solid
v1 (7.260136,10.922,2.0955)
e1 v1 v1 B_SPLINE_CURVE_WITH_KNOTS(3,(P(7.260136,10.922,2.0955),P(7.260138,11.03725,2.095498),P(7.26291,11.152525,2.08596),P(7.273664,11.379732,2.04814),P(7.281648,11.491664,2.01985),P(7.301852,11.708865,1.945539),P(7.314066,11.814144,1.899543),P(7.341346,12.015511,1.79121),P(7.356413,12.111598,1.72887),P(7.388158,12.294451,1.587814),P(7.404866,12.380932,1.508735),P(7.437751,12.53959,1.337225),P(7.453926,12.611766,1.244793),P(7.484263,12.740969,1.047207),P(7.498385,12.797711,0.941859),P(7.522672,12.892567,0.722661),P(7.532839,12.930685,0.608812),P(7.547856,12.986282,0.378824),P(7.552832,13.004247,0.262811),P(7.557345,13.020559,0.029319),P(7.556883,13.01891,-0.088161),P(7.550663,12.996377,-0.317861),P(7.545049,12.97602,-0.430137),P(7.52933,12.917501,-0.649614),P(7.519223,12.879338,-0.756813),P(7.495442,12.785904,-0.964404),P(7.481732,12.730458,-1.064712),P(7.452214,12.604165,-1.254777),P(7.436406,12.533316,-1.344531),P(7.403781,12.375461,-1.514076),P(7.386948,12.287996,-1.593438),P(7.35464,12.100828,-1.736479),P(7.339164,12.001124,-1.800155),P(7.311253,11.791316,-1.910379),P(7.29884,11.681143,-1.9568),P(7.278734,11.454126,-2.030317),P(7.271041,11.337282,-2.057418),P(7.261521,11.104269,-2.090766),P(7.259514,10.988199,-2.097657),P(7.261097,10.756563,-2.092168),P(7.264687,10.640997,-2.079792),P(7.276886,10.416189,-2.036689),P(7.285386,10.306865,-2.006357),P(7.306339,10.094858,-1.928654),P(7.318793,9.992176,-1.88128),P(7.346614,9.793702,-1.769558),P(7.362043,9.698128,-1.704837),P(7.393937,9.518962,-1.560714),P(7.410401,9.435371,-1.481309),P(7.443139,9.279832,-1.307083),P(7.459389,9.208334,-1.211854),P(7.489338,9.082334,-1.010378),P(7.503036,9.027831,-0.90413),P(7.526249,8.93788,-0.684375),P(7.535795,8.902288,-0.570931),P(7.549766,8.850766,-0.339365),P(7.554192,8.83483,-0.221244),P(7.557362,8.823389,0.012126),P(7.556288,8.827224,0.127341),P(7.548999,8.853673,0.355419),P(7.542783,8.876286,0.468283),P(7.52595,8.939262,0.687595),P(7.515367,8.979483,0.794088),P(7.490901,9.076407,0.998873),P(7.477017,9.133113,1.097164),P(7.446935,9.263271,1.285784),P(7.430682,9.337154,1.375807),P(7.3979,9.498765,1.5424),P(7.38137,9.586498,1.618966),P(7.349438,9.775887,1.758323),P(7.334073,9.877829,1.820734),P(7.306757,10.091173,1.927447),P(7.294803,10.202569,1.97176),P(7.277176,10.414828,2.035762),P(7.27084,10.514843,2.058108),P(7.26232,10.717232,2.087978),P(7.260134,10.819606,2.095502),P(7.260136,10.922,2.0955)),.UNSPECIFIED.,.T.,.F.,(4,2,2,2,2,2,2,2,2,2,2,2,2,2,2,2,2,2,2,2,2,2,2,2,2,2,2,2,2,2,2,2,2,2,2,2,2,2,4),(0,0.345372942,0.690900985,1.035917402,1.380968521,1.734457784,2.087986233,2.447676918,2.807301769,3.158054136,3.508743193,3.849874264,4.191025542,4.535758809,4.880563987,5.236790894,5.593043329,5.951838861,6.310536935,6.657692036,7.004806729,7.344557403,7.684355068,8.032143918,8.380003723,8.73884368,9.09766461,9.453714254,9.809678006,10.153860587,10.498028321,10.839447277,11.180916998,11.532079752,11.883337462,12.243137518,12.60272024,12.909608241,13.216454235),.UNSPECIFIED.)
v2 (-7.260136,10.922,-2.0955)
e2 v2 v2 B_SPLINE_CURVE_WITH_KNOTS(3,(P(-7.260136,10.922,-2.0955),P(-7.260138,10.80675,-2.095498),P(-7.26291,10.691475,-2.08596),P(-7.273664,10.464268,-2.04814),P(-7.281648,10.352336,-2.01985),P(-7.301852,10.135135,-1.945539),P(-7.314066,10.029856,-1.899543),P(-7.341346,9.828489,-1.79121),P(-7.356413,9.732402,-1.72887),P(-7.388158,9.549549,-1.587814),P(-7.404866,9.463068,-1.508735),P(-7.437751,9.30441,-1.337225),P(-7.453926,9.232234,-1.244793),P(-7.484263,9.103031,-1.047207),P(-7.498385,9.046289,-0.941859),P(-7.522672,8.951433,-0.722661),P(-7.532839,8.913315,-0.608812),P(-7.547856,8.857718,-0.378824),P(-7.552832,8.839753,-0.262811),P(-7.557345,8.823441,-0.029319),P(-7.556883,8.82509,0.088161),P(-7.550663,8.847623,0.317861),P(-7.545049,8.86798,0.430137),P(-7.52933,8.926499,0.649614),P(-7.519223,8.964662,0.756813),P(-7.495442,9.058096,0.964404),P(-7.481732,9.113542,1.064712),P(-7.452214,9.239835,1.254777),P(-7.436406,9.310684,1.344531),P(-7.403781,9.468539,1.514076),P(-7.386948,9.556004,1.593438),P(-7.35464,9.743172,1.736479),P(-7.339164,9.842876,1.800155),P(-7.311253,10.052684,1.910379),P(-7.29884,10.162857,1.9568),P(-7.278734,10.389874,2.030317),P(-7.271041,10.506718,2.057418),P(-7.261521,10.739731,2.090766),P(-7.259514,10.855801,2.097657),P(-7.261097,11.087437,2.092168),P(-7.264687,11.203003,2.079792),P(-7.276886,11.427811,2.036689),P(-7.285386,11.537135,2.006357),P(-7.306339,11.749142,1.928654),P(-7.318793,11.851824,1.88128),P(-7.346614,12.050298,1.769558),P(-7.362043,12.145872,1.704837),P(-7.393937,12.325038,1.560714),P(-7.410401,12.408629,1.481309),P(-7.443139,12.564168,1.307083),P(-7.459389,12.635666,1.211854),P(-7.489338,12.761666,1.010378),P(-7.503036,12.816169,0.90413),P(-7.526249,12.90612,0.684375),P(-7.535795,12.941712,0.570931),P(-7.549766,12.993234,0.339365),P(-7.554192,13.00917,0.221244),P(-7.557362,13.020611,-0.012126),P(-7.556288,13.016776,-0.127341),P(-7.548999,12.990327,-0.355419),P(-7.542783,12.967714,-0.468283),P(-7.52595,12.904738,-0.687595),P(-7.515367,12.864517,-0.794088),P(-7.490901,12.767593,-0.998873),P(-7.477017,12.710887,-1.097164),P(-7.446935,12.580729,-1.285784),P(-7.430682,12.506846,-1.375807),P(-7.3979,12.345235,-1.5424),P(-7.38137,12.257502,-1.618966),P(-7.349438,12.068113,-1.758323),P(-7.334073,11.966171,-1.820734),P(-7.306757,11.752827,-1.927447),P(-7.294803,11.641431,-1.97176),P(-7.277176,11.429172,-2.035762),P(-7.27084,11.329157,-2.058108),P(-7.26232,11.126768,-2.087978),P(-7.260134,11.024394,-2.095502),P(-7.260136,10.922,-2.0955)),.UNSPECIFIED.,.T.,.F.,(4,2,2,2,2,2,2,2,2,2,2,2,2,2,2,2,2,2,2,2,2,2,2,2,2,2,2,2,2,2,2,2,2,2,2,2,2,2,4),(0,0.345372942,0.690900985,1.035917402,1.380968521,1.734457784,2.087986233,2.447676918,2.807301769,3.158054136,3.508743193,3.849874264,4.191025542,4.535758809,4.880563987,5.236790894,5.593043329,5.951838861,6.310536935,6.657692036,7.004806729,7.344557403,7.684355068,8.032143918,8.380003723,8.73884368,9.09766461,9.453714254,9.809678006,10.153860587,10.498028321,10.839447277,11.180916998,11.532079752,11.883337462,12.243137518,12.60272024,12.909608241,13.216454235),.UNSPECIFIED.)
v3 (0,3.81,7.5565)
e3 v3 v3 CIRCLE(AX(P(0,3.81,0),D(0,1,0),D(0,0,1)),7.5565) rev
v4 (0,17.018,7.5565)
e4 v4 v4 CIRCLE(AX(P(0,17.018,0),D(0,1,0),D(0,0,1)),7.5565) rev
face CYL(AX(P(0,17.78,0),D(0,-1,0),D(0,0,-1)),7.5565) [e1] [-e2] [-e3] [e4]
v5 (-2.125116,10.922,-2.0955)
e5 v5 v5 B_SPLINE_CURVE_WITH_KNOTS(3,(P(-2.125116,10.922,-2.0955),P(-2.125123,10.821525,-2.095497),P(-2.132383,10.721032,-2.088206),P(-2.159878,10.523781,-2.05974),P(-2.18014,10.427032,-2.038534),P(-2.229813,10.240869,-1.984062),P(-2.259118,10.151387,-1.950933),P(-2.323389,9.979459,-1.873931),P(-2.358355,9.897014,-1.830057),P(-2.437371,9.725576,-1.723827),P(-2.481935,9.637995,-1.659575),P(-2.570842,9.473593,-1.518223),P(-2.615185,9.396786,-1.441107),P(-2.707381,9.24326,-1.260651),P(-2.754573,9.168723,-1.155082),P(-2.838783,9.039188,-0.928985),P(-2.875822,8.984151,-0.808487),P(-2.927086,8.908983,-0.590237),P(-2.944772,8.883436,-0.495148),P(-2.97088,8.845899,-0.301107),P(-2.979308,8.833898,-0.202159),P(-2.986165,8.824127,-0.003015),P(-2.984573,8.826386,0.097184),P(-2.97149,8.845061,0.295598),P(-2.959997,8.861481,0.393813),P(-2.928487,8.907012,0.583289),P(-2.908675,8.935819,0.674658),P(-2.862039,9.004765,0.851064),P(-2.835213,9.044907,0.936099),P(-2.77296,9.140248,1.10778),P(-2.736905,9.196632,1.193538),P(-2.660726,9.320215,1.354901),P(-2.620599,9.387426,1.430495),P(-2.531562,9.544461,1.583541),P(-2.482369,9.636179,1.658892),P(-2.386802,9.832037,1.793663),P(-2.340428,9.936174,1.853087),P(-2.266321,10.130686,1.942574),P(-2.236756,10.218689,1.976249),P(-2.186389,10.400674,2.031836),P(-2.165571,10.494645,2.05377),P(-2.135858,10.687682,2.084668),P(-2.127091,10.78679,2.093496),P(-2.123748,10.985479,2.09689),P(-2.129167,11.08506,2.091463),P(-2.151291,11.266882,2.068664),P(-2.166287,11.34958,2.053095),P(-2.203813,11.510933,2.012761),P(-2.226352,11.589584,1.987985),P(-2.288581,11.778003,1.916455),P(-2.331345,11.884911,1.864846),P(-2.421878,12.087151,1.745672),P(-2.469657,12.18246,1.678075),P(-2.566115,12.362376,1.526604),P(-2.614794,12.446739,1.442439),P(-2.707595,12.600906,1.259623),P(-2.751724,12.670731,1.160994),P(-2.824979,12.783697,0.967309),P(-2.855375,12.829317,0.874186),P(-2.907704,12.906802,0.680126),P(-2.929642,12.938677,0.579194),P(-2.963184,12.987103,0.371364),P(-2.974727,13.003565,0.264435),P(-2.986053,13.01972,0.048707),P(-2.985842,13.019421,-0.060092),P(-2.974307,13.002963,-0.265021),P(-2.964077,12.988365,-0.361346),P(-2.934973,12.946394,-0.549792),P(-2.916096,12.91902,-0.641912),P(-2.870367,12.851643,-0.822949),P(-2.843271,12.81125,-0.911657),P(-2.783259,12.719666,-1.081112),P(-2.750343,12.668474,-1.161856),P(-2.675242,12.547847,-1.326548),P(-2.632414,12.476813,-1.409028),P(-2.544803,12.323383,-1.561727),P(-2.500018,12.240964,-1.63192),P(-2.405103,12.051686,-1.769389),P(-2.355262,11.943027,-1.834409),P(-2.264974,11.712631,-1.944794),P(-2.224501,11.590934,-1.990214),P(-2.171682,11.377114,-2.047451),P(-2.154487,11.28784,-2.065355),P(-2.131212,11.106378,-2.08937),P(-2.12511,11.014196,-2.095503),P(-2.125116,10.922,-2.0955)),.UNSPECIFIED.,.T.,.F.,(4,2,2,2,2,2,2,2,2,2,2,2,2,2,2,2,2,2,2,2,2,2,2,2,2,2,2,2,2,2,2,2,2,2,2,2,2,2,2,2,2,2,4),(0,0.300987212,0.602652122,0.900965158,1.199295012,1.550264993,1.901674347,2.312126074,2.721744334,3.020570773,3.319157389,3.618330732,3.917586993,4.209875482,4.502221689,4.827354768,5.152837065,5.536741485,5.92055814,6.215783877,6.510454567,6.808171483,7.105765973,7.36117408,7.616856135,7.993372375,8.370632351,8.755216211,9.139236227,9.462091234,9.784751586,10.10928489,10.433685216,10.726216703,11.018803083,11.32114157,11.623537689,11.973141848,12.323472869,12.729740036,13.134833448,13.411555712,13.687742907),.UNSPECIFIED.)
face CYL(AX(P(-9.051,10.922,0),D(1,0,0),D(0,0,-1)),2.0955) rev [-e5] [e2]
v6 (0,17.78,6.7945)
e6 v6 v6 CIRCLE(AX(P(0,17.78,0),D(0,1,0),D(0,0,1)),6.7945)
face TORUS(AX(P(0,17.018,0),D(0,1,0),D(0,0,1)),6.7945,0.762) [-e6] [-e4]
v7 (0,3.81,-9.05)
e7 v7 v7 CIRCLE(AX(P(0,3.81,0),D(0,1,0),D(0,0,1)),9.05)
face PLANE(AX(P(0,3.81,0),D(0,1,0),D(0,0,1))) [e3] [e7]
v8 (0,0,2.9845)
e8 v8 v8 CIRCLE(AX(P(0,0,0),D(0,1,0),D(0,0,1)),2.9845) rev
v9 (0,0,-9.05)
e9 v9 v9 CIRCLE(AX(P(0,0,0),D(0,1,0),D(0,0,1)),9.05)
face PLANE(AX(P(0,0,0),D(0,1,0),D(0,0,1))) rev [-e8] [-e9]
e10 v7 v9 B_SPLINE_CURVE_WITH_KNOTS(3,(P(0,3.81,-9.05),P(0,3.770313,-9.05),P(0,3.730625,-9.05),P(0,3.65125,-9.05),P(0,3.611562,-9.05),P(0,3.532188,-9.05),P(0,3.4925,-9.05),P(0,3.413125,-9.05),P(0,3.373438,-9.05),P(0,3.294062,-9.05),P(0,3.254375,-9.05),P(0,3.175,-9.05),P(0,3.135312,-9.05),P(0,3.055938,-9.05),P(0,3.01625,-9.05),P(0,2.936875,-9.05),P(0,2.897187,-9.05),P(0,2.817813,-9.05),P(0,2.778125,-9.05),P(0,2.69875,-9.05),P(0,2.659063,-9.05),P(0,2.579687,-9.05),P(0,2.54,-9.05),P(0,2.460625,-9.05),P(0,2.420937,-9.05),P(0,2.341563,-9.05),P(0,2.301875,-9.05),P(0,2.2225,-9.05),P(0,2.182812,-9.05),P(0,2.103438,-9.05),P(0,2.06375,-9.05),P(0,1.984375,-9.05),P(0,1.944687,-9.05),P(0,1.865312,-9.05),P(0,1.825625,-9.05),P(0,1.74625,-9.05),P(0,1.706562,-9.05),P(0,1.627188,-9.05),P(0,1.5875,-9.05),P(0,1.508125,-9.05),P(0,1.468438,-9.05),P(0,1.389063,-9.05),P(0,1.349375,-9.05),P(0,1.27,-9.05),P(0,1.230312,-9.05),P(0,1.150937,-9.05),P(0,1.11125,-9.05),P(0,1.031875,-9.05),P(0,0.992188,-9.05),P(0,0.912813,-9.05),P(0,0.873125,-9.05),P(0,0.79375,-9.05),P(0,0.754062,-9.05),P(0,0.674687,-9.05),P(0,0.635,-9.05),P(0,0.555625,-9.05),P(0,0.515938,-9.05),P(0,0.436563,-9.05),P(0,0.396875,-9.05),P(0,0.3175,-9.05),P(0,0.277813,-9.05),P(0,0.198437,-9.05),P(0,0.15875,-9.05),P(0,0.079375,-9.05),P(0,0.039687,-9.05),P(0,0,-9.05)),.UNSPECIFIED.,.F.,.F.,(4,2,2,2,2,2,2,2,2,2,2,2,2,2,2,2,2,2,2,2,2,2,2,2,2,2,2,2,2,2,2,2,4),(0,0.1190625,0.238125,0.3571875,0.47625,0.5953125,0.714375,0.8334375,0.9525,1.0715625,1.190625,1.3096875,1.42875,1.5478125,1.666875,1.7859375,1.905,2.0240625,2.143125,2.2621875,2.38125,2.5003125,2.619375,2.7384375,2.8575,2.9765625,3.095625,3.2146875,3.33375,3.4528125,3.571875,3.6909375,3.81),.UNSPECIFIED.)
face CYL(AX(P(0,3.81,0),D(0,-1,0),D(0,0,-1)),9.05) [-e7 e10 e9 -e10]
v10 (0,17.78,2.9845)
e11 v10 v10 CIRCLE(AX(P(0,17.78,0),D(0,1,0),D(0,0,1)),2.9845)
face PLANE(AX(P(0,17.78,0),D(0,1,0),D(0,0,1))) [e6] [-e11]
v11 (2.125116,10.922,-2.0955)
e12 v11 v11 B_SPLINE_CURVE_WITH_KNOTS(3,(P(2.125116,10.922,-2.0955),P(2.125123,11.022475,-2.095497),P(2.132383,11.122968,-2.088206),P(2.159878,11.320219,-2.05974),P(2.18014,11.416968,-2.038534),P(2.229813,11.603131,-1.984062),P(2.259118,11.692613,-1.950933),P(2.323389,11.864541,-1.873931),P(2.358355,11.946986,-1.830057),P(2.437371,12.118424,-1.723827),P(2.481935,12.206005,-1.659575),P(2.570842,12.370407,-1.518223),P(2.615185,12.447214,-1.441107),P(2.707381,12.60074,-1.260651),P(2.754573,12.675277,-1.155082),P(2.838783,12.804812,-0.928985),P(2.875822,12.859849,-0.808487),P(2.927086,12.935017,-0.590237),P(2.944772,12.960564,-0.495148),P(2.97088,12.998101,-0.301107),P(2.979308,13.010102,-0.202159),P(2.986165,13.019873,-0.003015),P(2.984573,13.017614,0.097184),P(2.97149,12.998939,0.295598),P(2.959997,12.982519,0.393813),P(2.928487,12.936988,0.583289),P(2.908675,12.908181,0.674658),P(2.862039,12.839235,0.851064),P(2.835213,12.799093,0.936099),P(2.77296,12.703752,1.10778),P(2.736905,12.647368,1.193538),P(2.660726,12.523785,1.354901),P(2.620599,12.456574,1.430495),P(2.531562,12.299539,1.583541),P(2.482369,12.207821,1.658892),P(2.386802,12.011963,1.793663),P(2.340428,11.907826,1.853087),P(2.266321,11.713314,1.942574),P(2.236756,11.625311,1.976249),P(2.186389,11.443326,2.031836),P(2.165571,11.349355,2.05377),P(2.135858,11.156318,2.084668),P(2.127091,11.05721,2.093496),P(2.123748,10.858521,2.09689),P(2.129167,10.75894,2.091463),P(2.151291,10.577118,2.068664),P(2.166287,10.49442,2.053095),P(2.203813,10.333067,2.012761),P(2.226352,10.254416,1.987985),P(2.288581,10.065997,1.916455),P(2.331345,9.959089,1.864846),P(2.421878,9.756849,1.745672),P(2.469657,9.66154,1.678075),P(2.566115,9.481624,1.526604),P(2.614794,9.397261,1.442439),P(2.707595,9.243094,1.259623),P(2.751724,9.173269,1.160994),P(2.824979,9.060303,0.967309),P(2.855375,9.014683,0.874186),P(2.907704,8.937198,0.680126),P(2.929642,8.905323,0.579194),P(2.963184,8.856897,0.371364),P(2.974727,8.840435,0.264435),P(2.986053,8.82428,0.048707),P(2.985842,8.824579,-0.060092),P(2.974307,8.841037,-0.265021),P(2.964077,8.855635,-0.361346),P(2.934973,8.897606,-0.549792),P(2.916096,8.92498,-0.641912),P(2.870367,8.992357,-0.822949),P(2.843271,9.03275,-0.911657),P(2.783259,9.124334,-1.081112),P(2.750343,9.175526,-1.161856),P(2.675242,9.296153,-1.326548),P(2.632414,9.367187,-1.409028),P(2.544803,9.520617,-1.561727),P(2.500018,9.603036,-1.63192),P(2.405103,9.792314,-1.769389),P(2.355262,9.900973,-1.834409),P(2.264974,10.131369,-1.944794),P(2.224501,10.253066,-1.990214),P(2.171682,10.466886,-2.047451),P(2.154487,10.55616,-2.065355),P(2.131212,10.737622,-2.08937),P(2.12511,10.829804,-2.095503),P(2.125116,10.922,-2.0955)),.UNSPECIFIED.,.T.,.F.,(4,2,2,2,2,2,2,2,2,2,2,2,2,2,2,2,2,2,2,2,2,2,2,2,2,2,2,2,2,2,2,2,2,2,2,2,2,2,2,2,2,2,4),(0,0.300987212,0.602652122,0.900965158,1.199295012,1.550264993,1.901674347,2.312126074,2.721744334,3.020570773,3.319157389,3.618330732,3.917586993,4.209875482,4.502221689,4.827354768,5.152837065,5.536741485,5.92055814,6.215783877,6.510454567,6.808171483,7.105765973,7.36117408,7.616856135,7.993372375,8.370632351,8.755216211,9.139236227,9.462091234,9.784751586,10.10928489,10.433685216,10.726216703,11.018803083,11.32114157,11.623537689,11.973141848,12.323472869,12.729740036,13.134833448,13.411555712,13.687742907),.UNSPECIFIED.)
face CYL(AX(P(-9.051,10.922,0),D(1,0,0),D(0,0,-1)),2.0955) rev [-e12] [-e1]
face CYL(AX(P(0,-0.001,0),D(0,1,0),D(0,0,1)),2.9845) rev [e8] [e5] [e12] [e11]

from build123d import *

# Parameters (mm, degrees)
SKETCH1_R                           = 9.05
PLATE_DEPTH                         = 3.81
SKETCH1_3_R                         = 7.5565
PLUG_DEPTH                          = 17.78
CUT_EXTRUDE1_REACH                  = 23.907
CUT_EXTRUDE1_END_RADIUS             = 7.5565
SKETCH4_R                           = 2.0955
CUT_EXTRUDE1_DIRECTION_2_REACH      = 23.907
CUT_EXTRUDE1_DIRECTION_2_END_RADIUS = 7.5565
FILLET1_R                           = 0.762
CUT_EXTRUDE2_REACH                  = 23.907
SKETCH5_R                           = 2.9845


with BuildPart() as part:
    # Sketch1 → Plate (new body)
    with BuildSketch(Plane(origin=(0, 0, 0), x_dir=(1, 0, 0), z_dir=(0, 1, 0))):
        Circle(SKETCH1_R)
    extrude(amount=PLATE_DEPTH)

    # Sketch1<3> → Plug (add)
    with BuildSketch(Plane(origin=(0, 0, 0), x_dir=(1, 0, 0), z_dir=(0, 1, 0))):
        Circle(SKETCH1_3_R)
    extrude(amount=PLUG_DEPTH)

    # Cut-Extrude1: up to this cylinder (the profile starts inside it)
    cut_extrude1_end = Plane(origin=(0, 10.922, 0), z_dir=(0, -1, 0)) * Cylinder(CUT_EXTRUDE1_END_RADIUS, 63.927, mode=Mode.PRIVATE)
    # Sketch4 → Cut-Extrude1 (cut, up to the surface)
    with BuildSketch(Plane(origin=(0, 0, 0), x_dir=(0, 0, -1), z_dir=(1, 0, 0)), mode=Mode.PRIVATE) as cut_extrude1_sk1:
        with Locations((0, 10.922)):
            Circle(SKETCH4_R)
    cut_extrude1_tool1 = extrude(cut_extrude1_sk1.sketch, amount=-CUT_EXTRUDE1_REACH, mode=Mode.PRIVATE) & cut_extrude1_end
    add(cut_extrude1_tool1.solids().sort_by_distance((0, 10.922, 0))[0], mode=Mode.SUBTRACT)

    # Cut-Extrude1 direction 2: up to this cylinder (the profile starts inside it)
    cut_extrude1_direction_2_end = Plane(origin=(0, 10.922, 0), z_dir=(0, -1, 0)) * Cylinder(CUT_EXTRUDE1_DIRECTION_2_END_RADIUS, 63.927, mode=Mode.PRIVATE)
    # Sketch4 → Cut-Extrude1 direction 2 (cut, up to the surface)
    with BuildSketch(Plane(origin=(0, 0, 0), x_dir=(0, 0, -1), z_dir=(1, 0, 0)), mode=Mode.PRIVATE) as cut_extrude1_direction_2_sk1:
        with Locations((0, 10.922)):
            Circle(SKETCH4_R)
    cut_extrude1_direction_2_tool1 = extrude(cut_extrude1_direction_2_sk1.sketch, amount=CUT_EXTRUDE1_DIRECTION_2_REACH, mode=Mode.PRIVATE) & cut_extrude1_direction_2_end
    add(cut_extrude1_direction_2_tool1.solids().sort_by_distance((0, 10.922, 0))[0], mode=Mode.SUBTRACT)

    # Fillet1
    fillet1_edges = [part.edges().sort_by_distance(p)[0] for p in [
        (-7.5565, 17.78, 0),
    ]]
    fillet(fillet1_edges, radius=FILLET1_R)

    # Sketch5 → Cut-Extrude2 (cut, up to next)
    with BuildSketch(Plane(origin=(0, 17.78, 0), x_dir=(1, 0, 0), z_dir=(0, 1, 0)), mode=Mode.PRIVATE) as cut_extrude2_sk1:
        Circle(SKETCH5_R)
    cut_extrude2_tool1 = extrude(cut_extrude2_sk1.sketch, amount=-CUT_EXTRUDE2_REACH, mode=Mode.PRIVATE) & part.part
    add(cut_extrude2_tool1.solids().sort_by_distance((0, 17.78, 0))[0], mode=Mode.SUBTRACT)


solid = part.part
